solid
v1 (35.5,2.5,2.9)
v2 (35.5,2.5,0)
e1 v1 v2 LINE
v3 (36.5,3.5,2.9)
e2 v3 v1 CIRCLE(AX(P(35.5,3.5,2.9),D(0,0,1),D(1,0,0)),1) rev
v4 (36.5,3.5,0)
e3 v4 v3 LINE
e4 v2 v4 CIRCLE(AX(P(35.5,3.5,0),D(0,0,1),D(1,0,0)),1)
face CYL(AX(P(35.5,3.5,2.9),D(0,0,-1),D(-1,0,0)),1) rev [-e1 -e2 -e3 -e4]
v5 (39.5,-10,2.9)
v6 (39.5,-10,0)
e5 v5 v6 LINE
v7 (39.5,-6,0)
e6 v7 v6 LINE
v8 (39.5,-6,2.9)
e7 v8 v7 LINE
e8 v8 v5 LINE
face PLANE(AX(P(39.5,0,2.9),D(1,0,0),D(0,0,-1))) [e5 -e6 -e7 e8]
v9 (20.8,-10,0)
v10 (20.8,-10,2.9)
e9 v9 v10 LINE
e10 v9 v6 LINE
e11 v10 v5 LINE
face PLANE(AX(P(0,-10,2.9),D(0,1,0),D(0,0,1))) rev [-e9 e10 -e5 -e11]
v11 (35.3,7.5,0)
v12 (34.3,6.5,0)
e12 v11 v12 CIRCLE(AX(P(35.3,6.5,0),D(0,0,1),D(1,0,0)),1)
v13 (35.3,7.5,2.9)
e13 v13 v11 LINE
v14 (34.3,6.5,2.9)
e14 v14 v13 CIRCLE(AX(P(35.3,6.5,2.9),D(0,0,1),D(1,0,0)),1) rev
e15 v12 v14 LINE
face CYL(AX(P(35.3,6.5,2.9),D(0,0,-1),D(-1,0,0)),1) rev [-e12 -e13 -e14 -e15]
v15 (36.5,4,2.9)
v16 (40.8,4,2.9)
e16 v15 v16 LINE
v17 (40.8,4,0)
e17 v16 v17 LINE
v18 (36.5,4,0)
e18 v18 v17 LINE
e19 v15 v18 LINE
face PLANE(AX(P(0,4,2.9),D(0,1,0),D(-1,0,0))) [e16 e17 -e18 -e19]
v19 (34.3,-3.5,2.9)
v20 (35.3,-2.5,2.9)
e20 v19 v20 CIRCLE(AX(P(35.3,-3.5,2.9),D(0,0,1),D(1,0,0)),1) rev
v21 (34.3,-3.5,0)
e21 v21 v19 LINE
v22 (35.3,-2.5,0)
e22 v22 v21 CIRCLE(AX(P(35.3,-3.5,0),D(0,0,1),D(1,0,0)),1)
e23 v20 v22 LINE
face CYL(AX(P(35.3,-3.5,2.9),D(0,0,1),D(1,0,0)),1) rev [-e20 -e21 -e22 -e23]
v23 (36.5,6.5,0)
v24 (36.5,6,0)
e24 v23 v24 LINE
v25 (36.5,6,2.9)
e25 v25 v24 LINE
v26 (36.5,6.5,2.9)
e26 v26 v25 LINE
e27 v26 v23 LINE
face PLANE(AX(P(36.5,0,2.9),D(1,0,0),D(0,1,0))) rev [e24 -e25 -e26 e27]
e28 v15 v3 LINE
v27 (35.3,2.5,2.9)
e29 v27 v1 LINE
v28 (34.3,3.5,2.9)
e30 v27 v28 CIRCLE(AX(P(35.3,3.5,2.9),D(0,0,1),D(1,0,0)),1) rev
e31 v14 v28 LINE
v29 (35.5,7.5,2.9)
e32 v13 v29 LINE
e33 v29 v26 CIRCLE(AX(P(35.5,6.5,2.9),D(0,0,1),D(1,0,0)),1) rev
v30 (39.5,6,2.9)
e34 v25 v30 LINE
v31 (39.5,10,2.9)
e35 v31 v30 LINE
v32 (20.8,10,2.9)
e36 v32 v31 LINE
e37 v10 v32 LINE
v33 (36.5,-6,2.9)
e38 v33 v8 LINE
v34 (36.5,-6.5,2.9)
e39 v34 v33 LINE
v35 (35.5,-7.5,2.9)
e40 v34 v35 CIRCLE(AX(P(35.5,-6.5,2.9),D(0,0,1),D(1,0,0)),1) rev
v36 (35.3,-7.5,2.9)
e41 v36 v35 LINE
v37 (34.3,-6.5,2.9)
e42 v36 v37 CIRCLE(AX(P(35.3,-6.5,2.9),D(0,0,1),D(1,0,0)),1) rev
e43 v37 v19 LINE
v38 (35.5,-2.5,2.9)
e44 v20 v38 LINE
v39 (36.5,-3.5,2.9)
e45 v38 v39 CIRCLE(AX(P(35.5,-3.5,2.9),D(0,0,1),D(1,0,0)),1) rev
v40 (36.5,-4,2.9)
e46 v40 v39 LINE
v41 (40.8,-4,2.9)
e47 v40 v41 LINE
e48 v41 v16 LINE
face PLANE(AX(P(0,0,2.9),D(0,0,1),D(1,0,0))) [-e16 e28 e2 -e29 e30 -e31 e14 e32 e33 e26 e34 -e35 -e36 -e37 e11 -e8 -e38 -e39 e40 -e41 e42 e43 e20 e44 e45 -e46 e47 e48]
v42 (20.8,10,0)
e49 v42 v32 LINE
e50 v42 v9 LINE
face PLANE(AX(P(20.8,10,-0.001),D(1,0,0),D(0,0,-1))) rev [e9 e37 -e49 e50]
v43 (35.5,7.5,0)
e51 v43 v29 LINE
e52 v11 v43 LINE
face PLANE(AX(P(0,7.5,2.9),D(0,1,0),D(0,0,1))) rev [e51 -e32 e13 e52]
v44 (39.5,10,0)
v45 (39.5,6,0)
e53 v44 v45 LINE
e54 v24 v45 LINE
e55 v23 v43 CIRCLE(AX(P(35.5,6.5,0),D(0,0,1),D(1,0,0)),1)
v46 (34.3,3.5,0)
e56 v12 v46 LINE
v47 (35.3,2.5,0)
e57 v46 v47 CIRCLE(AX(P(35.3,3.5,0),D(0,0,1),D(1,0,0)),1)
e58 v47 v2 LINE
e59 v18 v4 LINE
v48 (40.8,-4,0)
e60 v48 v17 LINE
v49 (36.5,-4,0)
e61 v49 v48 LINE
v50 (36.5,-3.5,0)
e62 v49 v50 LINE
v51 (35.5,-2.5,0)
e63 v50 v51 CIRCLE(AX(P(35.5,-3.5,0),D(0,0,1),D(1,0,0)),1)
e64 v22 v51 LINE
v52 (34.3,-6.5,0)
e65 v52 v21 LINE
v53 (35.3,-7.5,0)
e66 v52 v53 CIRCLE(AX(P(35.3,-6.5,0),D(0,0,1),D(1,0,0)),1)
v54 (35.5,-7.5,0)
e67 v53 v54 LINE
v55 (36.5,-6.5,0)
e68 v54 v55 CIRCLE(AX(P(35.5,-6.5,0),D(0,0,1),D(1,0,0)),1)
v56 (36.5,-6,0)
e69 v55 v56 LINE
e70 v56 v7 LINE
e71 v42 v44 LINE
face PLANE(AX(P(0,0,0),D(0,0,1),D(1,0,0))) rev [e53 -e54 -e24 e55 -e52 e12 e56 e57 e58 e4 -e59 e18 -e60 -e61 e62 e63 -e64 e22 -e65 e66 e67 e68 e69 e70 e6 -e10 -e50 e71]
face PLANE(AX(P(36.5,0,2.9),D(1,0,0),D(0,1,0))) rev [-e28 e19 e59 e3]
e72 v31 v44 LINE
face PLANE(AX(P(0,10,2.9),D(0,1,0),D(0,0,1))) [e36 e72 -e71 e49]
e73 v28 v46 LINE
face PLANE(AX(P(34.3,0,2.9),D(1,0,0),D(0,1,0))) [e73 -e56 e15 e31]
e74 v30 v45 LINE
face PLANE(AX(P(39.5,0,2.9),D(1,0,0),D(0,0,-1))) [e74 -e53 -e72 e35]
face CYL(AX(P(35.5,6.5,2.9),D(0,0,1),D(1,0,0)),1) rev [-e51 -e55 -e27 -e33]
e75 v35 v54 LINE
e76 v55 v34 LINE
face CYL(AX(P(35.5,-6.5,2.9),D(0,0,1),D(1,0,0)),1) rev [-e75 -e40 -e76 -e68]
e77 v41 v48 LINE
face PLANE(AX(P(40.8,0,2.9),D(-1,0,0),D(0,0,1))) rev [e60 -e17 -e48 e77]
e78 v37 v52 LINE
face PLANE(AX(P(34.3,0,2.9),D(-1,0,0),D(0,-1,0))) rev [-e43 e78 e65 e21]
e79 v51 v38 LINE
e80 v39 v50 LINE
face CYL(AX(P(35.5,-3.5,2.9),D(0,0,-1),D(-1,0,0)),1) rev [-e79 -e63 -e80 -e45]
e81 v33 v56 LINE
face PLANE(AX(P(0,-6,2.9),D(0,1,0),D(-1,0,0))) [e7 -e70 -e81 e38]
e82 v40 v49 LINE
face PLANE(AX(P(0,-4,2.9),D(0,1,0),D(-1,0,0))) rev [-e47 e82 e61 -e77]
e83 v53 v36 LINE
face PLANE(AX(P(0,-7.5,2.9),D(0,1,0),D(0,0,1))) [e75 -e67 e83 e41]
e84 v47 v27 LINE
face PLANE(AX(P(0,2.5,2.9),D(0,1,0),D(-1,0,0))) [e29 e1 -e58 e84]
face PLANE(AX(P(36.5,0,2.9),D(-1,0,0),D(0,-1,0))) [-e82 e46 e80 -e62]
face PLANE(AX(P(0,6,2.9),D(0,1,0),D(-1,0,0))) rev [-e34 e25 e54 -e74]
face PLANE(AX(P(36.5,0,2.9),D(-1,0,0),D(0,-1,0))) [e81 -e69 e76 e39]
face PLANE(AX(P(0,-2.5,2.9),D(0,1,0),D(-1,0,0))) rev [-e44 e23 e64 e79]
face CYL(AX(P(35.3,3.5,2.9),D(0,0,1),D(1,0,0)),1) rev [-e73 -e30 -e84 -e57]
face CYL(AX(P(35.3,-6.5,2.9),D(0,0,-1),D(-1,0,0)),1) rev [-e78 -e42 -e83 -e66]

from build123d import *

# Parameters (mm, degrees)
BASE_SHAPE_DEPTH       = 2.9
SKETCH2_R              = 5
FORWARD_CUT_TEMP_DEPTH = 1
FILLET1_R              = 1
CUT_EXTRUDE1_REACH     = 44.108
SKETCH4_W              = 61.6
SKETCH4_H              = 20


with BuildPart() as part:
    # Sketch1 → Base shape (new body)
    with BuildSketch(Plane.XY):
        Polygon((39.5, 10), (-39.5, 10), (-39.5, 6), (-36.5, 6), (-36.5, 7.5), (-34.3, 7.5), (-34.3, 2.5), (-36.5, 2.5), (-36.5, 4), (-40.8, 4), (-40.8, -4), (-36.5, -4), (-36.5, -2.5), (-34.3, -2.5), (-34.3, -7.5), (-36.5, -7.5), (-36.5, -6), (-39.5, -6), (-39.5, -10), (39.5, -10), (39.5, -6), (36.5, -6), (36.5, -7.5), (34.3, -7.5), (34.3, -2.5), (36.5, -2.5), (36.5, -4), (40.8, -4), (40.8, 4), (36.5, 4), (36.5, 2.5), (34.3, 2.5), (34.3, 7.5), (36.5, 7.5), (36.5, 6), (39.5, 6), align=None)
    extrude(amount=BASE_SHAPE_DEPTH)

    # Sketch2 → Forward cut (temp) (cut)
    with BuildSketch(Plane.XY.offset(2.9)):
        Circle(SKETCH2_R)
    extrude(amount=-FORWARD_CUT_TEMP_DEPTH, mode=Mode.SUBTRACT)

    # Fillet1
    fillet1_edges = [part.edges().sort_by_distance(p)[0] for p in [
        (36.5, -7.5, 1.45),
        (36.5, 2.5, 1.45),
        (34.3, 2.5, 1.45),
        (34.3, -7.5, 1.45),
        (36.5, -2.5, 1.45),
        (36.5, 7.5, 1.45),
        (34.3, -2.5, 1.45),
        (34.3, 7.5, 1.45),
        (-36.5, -2.5, 1.45),
        (-34.3, -2.5, 1.45),
        (-34.3, -7.5, 1.45),
        (-36.5, -7.5, 1.45),
        (-36.5, 2.5, 1.45),
        (-34.3, 2.5, 1.45),
        (-34.3, 7.5, 1.45),
        (-36.5, 7.5, 1.45),
    ]]
    fillet(fillet1_edges, radius=FILLET1_R)

    # Sketch4 → Cut-Extrude1 (cut, up to next)
    with BuildSketch(Plane.XY.offset(2.9), mode=Mode.PRIVATE) as cut_extrude1_sk1:
        with Locations((-10, 0)):
            Rectangle(SKETCH4_W, SKETCH4_H)
    cut_extrude1_tool1 = extrude(cut_extrude1_sk1.sketch, amount=-CUT_EXTRUDE1_REACH, mode=Mode.PRIVATE) & part.part
    add(cut_extrude1_tool1.solids().sort_by_distance((-10, 0, 2.9))[0], mode=Mode.SUBTRACT)


solid = part.part
